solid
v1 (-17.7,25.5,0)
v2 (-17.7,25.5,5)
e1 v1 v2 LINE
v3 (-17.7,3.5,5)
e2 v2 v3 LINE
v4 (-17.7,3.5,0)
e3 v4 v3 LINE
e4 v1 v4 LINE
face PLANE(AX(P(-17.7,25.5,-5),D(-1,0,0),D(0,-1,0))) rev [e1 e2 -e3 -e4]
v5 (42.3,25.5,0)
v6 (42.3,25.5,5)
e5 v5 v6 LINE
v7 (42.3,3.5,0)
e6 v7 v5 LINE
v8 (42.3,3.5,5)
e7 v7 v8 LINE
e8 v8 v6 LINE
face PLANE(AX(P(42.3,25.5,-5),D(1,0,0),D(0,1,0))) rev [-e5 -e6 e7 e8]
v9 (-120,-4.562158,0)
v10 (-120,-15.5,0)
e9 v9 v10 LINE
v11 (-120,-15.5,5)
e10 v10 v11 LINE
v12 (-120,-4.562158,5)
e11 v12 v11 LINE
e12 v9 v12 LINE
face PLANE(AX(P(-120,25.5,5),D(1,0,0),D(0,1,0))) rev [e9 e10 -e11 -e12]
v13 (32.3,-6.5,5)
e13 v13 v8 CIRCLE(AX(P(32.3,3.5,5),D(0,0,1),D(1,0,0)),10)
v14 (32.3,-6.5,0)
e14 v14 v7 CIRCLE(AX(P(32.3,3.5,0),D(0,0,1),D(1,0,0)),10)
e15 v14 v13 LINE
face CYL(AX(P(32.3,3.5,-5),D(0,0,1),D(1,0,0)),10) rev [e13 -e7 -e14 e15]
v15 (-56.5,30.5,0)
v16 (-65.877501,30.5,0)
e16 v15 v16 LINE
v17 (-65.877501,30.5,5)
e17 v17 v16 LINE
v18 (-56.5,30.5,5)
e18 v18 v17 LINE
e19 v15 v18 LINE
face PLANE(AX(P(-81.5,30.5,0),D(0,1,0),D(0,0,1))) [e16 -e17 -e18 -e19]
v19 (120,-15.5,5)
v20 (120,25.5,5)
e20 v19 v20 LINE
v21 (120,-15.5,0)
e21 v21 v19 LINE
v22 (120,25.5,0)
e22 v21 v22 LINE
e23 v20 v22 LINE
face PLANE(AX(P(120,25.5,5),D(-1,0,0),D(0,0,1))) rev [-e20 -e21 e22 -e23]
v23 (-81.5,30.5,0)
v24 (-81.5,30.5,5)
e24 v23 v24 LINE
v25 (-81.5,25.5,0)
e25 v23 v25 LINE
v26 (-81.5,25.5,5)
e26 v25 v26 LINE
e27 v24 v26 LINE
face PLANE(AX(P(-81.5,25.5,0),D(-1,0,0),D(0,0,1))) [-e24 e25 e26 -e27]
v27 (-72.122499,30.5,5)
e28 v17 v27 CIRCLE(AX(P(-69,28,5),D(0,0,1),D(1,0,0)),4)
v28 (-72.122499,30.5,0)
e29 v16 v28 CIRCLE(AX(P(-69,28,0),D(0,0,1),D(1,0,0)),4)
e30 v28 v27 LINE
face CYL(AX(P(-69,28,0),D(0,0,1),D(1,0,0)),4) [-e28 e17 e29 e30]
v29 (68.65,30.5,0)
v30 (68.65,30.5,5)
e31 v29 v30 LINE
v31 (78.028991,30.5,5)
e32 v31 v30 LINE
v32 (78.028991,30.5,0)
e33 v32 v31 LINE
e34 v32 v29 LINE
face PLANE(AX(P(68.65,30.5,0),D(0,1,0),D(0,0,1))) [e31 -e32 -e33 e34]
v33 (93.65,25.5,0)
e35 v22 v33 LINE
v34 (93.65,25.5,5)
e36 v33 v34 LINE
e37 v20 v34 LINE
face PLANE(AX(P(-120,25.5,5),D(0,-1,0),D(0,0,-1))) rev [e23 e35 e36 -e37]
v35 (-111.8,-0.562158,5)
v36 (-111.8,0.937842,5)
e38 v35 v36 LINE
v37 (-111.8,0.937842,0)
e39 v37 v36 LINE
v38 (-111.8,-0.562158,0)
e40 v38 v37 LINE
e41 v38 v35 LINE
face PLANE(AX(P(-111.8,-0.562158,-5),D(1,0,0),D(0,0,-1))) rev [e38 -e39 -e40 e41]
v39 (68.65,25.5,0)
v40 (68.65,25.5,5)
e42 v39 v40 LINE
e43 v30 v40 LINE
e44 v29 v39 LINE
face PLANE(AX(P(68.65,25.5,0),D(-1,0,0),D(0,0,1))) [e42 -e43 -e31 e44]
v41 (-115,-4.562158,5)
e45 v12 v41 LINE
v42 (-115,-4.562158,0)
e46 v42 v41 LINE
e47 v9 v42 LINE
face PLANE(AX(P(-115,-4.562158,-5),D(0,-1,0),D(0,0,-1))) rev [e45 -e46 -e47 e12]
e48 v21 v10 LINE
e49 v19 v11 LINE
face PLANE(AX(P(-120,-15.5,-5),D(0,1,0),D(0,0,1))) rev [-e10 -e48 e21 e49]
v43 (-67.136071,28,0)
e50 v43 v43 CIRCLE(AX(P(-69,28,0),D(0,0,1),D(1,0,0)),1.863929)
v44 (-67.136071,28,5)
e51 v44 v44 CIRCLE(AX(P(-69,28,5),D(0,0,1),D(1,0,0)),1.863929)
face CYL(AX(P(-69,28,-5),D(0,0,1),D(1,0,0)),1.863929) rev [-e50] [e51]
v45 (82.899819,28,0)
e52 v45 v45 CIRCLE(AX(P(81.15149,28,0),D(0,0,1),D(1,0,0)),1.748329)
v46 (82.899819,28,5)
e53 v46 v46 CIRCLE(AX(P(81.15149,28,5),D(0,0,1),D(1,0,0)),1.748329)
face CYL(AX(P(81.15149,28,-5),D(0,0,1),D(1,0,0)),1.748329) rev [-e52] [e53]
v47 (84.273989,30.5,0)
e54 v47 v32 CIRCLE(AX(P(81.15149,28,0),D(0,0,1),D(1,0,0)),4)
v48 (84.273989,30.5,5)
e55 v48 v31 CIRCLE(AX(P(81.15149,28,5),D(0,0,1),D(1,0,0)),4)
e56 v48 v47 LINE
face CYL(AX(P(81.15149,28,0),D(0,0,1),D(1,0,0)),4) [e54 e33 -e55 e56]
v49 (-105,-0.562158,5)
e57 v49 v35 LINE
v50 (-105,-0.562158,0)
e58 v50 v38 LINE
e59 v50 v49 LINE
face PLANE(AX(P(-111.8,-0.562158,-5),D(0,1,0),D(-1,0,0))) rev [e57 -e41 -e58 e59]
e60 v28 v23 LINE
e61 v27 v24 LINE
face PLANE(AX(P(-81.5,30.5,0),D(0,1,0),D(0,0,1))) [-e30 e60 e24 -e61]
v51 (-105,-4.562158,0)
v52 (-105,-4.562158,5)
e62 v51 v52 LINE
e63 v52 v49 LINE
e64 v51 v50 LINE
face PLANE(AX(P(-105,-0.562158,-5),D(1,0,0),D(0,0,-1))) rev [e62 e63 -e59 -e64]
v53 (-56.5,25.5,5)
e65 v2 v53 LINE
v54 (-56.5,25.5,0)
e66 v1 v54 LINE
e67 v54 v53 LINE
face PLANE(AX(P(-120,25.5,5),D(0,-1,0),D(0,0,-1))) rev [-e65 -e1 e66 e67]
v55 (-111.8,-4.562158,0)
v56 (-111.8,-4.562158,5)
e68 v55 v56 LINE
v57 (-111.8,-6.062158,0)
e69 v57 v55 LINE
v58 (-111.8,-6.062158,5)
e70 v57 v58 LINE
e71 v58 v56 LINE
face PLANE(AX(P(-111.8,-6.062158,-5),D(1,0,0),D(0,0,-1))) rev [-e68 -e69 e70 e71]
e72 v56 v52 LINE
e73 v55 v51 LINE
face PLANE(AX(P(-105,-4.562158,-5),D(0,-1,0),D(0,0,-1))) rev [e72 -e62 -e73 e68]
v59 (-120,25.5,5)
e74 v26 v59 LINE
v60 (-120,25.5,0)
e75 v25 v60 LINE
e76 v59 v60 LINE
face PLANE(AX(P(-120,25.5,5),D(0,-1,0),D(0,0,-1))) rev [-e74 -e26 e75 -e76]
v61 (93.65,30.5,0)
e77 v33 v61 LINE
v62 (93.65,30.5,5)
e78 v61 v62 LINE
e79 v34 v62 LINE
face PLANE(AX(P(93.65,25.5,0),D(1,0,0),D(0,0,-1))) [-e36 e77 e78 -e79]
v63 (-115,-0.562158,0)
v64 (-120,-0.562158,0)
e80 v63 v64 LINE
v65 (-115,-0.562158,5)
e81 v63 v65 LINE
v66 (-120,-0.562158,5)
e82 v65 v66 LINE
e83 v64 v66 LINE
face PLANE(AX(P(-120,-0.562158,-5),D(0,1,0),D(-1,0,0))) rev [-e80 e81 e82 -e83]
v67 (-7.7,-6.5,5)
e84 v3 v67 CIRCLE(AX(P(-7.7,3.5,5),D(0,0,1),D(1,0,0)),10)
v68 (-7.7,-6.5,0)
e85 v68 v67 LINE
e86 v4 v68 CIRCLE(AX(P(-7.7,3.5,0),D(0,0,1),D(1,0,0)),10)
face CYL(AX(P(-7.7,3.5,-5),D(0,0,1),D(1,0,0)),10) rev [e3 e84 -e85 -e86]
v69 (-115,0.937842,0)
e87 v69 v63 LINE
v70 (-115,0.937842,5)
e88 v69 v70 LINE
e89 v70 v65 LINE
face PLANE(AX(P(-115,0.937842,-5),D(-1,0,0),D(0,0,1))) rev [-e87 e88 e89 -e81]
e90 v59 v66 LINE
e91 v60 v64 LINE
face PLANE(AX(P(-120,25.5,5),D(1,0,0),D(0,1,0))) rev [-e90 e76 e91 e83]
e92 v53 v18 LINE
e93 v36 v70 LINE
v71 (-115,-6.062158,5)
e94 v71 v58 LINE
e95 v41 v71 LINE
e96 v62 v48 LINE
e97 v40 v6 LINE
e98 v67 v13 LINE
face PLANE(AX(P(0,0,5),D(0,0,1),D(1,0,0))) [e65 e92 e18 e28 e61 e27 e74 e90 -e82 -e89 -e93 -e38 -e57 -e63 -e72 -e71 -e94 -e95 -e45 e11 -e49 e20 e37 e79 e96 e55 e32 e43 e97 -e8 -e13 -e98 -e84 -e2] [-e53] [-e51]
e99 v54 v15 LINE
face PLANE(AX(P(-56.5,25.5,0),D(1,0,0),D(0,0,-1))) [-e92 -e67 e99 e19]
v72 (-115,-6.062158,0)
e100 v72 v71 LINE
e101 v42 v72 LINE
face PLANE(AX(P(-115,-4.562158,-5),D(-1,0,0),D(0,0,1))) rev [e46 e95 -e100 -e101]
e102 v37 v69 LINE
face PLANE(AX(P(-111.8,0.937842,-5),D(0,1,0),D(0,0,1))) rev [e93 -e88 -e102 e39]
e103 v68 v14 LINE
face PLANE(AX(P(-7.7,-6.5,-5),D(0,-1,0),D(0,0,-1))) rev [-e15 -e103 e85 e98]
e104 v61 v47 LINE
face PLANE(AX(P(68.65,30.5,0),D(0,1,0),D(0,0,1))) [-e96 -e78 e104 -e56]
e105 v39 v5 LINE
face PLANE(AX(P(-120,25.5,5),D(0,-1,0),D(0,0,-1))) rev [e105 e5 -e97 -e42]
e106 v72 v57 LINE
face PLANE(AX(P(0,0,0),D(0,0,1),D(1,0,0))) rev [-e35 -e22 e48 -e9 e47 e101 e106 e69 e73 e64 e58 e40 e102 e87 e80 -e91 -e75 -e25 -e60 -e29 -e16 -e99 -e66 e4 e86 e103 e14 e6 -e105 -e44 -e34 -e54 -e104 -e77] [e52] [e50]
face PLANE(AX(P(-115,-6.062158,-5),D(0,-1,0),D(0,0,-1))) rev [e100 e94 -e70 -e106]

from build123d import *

# Parameters (mm, degrees)
SKETCH1_W           = 240
SKETCH1_H           = 51
BOSS_EXTRUDE1_DEPTH = 5
SKETCH4_W           = 25
SKETCH4_H           = 5
BOSS_EXTRUDE2_DEPTH = 5
CUT_EXTRUDE1_DEPTH  = 10
CUT_EXTRUDE4_DEPTH  = 10
SKETCH15_W          = 25
SKETCH15_H          = 5
BOSS_EXTRUDE4_DEPTH = 5
SKETCH17_R          = 1.863928877
SKETCH17_R_2        = 1.748329033
CUT_EXTRUDE5_DEPTH  = 10
SKETCH18_R          = 4
SKETCH18_R_2        = 1.748329033
SKETCH18_R_3        = 1.863928877
BOSS_EXTRUDE5_DEPTH = 5
SKETCH19_W          = 240
SKETCH19_H          = 10
CUT_EXTRUDE6_DEPTH  = 10


with BuildPart() as part:
    # Sketch1 → Boss-Extrude1 (new body)
    with BuildSketch(Plane.XY):
        Rectangle(SKETCH1_W, SKETCH1_H)
    extrude(amount=BOSS_EXTRUDE1_DEPTH)

    # Sketch4 → Boss-Extrude2 (add)
    with BuildSketch(Plane.XY.offset(5)):
        with Locations((-69, 28)):
            Rectangle(SKETCH4_W, SKETCH4_H)
    extrude(amount=-BOSS_EXTRUDE2_DEPTH)

    # Sketch6 → Cut-Extrude1 (cut)
    with BuildSketch(Plane.XY.offset(5)):
        Polygon((-115, -4.562158061), (-120, -4.562158061), (-120, -0.562158061), (-115, -0.562158061), (-115, 0.937841939), (-111.8, 0.937841939), (-111.8, -0.562158061), (-105, -0.562158061), (-105, -4.562158061), (-111.8, -4.562158061), (-111.8, -6.062158061), (-115, -6.062158061), align=None)
    extrude(amount=-CUT_EXTRUDE1_DEPTH, mode=Mode.SUBTRACT)

    # Sketch14 → Cut-Extrude4 (cut)
    with BuildSketch(Plane.XY.offset(5)):
        with BuildLine():
            Line((-17.7, 25.5), (42.3, 25.5))
            Line((42.3, 25.5), (42.3, 3.5))
            ThreePointArc((42.3, 3.5), (39.371067812, -3.571067812), (32.3, -6.5))
            Line((32.3, -6.5), (-7.7, -6.5))
            ThreePointArc((-7.7, -6.5), (-14.771067812, -3.571067812), (-17.7, 3.5))
            Line((-17.7, 3.5), (-17.7, 25.5))
        make_face()
    extrude(amount=-CUT_EXTRUDE4_DEPTH, mode=Mode.SUBTRACT)

    # Sketch15 → Boss-Extrude4 (add)
    with BuildSketch(Plane.XY.offset(5)):
        with Locations((81.15, 28)):
            Rectangle(SKETCH15_W, SKETCH15_H)
    extrude(amount=-BOSS_EXTRUDE4_DEPTH)

    # Sketch17 → Cut-Extrude5 (cut)
    with BuildSketch(Plane.XY.offset(5)):
        with Locations((-69, 28)):
            Circle(SKETCH17_R)
        with Locations((81.151489704, 28)):
            Circle(SKETCH17_R_2)
    extrude(amount=-CUT_EXTRUDE5_DEPTH, mode=Mode.SUBTRACT)

    # Sketch18 → Boss-Extrude5 (add)
    # profile 1 of 2: a face of its own
    with BuildSketch(Plane.XY.offset(5)):
        with Locations((81.151489704, 28)):
            Circle(SKETCH18_R)
        with Locations((81.151489704, 28)):
            Circle(SKETCH18_R_2, mode=Mode.SUBTRACT)
    # profile 2 of 2: a face of its own
    with BuildSketch(Plane.XY.offset(5)):
        with Locations((-69, 28)):
            Circle(SKETCH18_R)
        with Locations((-69, 28)):
            Circle(SKETCH18_R_3, mode=Mode.SUBTRACT)
    extrude(amount=-BOSS_EXTRUDE5_DEPTH)

    # Sketch19 → Cut-Extrude6 (cut)
    with BuildSketch(Plane.XY.offset(5)):
        with Locations((0, -20.5)):
            Rectangle(SKETCH19_W, SKETCH19_H)
    extrude(amount=-CUT_EXTRUDE6_DEPTH, mode=Mode.SUBTRACT)


solid = part.part
